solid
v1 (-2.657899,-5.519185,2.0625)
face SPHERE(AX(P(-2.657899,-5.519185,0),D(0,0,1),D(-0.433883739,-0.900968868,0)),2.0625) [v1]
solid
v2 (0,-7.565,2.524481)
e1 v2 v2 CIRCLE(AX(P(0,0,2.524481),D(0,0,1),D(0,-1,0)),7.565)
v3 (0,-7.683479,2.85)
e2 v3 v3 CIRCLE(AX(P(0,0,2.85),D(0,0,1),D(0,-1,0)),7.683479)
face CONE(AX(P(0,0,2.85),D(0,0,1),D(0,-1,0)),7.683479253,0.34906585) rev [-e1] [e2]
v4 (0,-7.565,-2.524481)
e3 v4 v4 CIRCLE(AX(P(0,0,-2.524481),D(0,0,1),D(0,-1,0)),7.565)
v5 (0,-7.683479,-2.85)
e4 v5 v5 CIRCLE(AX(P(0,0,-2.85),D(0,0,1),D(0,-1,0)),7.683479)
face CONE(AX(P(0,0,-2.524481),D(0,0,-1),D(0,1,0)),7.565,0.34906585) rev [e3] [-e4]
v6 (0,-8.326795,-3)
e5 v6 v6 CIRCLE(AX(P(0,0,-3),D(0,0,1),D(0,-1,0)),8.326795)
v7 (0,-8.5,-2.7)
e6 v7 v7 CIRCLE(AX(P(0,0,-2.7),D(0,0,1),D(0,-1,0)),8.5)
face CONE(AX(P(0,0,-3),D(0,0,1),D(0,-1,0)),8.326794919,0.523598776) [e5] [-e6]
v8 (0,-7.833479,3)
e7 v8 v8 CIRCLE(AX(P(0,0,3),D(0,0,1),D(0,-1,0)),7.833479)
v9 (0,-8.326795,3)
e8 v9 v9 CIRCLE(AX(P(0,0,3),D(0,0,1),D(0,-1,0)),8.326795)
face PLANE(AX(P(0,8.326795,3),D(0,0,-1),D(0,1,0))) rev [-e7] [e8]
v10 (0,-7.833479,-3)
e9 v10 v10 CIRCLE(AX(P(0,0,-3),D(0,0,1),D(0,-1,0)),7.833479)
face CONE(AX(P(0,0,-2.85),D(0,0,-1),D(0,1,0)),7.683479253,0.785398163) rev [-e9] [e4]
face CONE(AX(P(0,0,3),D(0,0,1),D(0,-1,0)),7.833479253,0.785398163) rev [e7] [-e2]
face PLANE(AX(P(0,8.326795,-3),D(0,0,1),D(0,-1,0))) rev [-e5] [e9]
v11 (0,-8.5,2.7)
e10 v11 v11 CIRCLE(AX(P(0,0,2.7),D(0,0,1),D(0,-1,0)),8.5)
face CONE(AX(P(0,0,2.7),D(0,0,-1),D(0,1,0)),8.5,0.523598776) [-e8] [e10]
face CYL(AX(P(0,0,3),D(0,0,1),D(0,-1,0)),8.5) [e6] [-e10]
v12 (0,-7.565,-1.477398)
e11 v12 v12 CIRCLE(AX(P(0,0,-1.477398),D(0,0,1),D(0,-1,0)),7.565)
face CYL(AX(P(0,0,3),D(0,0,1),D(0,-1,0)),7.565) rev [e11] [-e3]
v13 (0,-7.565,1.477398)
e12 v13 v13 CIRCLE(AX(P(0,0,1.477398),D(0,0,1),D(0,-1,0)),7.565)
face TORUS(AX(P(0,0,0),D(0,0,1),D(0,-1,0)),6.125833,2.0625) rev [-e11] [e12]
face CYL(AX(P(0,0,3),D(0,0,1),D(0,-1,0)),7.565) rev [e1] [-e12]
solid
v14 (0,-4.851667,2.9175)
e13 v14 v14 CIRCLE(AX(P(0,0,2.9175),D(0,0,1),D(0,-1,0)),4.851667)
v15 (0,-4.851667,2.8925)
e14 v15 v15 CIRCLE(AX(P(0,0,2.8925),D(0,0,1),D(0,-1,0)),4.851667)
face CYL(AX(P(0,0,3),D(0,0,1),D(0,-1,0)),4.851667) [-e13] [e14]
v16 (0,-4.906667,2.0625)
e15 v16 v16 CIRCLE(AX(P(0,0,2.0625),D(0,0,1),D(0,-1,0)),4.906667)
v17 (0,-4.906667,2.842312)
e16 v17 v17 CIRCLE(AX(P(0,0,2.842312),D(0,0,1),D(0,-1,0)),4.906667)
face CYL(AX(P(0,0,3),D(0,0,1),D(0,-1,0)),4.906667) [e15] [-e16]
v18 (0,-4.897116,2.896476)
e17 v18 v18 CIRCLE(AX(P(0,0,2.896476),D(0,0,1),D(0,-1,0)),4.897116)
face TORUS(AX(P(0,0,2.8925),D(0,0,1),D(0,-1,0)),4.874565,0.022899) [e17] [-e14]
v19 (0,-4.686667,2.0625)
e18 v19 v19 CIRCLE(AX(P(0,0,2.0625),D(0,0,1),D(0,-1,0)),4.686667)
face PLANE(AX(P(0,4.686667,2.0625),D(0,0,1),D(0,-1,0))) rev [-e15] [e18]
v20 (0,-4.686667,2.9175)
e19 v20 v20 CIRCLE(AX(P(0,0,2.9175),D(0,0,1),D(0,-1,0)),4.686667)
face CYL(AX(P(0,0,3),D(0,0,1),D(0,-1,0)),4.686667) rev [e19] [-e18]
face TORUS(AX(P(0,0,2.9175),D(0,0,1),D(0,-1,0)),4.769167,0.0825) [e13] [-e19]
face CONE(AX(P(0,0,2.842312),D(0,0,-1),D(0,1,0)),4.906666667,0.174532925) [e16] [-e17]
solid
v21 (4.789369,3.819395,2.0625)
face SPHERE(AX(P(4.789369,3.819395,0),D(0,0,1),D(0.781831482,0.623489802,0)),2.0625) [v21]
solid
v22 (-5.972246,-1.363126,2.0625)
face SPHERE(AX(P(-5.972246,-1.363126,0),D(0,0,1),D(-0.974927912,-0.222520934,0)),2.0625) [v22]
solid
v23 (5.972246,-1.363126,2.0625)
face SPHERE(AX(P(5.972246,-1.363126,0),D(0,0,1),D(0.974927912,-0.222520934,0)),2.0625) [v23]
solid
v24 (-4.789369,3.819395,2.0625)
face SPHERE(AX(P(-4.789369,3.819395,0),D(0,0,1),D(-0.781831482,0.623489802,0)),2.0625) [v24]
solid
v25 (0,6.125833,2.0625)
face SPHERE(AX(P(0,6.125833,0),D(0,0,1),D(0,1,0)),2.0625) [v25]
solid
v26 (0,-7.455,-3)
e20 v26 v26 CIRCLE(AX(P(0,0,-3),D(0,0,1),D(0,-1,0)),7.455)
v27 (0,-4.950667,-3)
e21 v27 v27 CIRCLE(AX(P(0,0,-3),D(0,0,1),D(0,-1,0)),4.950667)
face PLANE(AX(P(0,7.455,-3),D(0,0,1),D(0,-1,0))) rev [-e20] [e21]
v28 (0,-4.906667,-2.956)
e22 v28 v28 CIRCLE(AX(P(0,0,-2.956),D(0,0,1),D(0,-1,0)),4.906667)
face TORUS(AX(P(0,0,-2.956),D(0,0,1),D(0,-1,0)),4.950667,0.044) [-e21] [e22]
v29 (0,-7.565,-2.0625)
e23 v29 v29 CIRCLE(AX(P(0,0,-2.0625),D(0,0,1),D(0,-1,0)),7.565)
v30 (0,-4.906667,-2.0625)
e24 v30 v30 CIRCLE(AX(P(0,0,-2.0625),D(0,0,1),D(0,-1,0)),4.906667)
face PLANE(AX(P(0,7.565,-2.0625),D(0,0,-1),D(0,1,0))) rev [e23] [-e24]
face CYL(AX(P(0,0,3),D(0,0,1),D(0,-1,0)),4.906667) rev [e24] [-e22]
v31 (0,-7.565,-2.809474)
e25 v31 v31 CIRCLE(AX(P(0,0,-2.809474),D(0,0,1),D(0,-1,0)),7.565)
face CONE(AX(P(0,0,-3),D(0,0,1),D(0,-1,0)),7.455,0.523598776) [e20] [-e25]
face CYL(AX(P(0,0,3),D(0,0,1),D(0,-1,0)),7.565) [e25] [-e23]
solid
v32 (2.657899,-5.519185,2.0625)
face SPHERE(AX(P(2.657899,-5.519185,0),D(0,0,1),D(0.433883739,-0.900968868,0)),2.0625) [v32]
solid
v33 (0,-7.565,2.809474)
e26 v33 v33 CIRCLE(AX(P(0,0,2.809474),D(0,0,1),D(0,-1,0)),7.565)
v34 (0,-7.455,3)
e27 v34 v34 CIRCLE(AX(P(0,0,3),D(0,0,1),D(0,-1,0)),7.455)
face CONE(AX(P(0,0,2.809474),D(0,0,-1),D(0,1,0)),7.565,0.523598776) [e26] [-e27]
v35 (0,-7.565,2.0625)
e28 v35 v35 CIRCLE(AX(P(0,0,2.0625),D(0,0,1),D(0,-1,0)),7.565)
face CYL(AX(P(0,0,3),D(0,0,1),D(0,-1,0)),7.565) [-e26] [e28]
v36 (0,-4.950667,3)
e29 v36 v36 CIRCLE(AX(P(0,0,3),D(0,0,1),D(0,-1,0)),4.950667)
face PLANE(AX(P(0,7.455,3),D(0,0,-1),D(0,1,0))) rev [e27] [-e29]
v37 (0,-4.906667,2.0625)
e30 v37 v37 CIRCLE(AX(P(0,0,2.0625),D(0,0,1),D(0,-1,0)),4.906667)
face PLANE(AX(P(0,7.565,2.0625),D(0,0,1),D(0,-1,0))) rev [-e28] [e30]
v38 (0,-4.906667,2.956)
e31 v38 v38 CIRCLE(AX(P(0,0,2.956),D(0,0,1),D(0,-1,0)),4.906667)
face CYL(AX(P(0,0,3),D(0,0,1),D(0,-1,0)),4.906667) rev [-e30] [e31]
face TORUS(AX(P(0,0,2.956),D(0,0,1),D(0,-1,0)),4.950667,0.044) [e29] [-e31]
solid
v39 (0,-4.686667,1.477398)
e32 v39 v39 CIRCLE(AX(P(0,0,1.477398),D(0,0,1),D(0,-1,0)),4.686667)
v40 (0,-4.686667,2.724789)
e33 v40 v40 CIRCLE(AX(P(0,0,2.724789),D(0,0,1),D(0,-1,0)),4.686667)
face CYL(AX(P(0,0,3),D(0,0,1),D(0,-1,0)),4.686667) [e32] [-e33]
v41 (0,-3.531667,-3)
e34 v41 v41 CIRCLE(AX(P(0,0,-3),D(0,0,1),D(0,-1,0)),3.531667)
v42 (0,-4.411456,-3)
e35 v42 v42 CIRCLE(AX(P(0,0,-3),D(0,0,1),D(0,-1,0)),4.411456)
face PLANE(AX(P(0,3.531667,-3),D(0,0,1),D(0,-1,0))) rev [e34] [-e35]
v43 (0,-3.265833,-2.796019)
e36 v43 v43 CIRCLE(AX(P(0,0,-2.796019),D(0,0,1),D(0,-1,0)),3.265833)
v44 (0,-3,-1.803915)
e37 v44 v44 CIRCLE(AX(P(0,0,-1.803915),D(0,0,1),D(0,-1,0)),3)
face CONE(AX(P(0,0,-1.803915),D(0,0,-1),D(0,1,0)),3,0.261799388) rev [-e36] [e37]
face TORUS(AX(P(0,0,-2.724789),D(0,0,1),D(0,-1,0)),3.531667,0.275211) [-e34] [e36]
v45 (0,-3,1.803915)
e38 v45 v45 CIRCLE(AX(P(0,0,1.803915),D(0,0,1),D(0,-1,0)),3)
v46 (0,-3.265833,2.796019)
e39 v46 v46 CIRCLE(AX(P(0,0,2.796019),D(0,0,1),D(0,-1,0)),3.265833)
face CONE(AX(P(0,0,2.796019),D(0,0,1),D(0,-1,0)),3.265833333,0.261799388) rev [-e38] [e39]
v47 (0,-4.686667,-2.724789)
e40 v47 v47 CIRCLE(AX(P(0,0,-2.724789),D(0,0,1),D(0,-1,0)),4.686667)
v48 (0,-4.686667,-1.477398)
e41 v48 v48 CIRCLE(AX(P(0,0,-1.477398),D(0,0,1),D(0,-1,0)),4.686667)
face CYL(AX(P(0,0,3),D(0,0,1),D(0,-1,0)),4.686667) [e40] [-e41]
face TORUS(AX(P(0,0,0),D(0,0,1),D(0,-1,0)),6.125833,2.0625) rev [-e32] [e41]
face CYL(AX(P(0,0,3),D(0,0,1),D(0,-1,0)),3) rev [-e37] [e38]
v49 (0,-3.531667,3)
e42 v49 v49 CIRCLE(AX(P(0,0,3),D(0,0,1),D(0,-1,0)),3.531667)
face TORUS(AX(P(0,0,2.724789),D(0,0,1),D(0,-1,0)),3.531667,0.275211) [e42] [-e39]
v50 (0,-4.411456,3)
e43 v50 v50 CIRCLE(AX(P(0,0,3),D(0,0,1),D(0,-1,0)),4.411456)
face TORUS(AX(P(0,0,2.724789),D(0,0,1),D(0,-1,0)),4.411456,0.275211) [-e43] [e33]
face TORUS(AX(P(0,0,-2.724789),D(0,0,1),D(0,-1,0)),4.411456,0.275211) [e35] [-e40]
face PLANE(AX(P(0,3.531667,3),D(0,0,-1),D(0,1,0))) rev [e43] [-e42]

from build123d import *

# Parameters (mm, degrees)
CIRPATTERN1_COUNT = 7


with BuildPart() as part:
    # Sketch3 → Revolve1 (revolve)
    with BuildSketch(Plane(origin=(0, 0, 0), x_dir=(0, 0, -1), z_dir=(1, 0, 0)), mode=Mode.PRIVATE) as revolve1_sk:
        with BuildLine():
            Line((-2.524480927, 7.565), (-2.85, 7.683479253))
            Line((-2.85, 7.683479253), (-3, 7.833479253))
            Line((-3, 7.833479253), (-3, 8.326794919))
            Line((-3, 8.326794919), (-2.7, 8.5))
            Line((-2.7, 8.5), (2.7, 8.5))
            Line((2.7, 8.5), (3, 8.326794919))
            Line((3, 8.326794919), (3, 7.833479253))
            Line((3, 7.833479253), (2.85, 7.683479253))
            Line((2.85, 7.683479253), (2.524480927, 7.565))
            Line((2.524480927, 7.565), (1.477398239, 7.565))
            ThreePointArc((1.477398239, 7.565), (0, 8.188333333), (-1.477398239, 7.565))
            Line((-1.477398239, 7.565), (-2.524480927, 7.565))
        make_face()
    revolve(revolve1_sk.sketch.rotate(Axis((0, 0, 3), (0, 0, -1)), 180), axis=Axis((0, 0, 3), (0, 0, -1)))


with BuildPart() as body_2:
    # Sketch4 → Revolve2 (revolve)
    with BuildSketch(Plane(origin=(0, 0, 0), x_dir=(0, 0, -1), z_dir=(1, 0, 0)), mode=Mode.PRIVATE) as revolve2_sk:
        with BuildLine():
            Line((-1.803915403, 3), (-2.796018909, 3.265833333))
            ThreePointArc((-2.796018909, 3.265833333), (-2.943128583, 3.364128875), (-3, 3.531666667))
            Line((-3, 3.531666667), (-3, 4.411455749))
            ThreePointArc((-3, 4.411455749), (-2.919392588, 4.606059255), (-2.724789082, 4.686666667))
            Line((-2.724789082, 4.686666667), (-1.477398239, 4.686666667))
            ThreePointArc((-1.477398239, 4.686666667), (0, 4.063333333), (1.477398239, 4.686666667))
            Line((1.477398239, 4.686666667), (2.724789082, 4.686666667))
            ThreePointArc((2.724789082, 4.686666667), (2.919392588, 4.606059255), (3, 4.411455749))
            Line((3, 4.411455749), (3, 3.531666667))
            ThreePointArc((3, 3.531666667), (2.943128583, 3.364128875), (2.796018909, 3.265833333))
            Line((2.796018909, 3.265833333), (1.803915403, 3))
            Line((1.803915403, 3), (-1.803915403, 3))
        make_face()
    revolve(revolve2_sk.sketch.rotate(Axis((0, 0, 3), (0, 0, -1)), 180), axis=Axis((0, 0, 3), (0, 0, -1)))


with BuildPart() as body_3:
    # Sketch5 → Revolve3 (revolve)
    with BuildSketch(Plane(origin=(0, 0, 0), x_dir=(0, 0, -1), z_dir=(1, 0, 0))):
        with BuildLine():
            Line((-2.0625, 6.125833333), (2.0625, 6.125833333))
            ThreePointArc((2.0625, 6.125833333), (0, 8.188333333), (-2.0625, 6.125833333))
        make_face()
    revolve(axis=Axis((0, 6.125833333, 2.0625), (0, 0, -1)))


with BuildPart() as cirpattern1_1:
    # CirPattern1: pattern copy
    add(body_3.part.rotate(Axis((0, 0, 0), (0, 0, 1)), 1 * 360 / CIRPATTERN1_COUNT))


with BuildPart() as cirpattern1_2:
    # CirPattern1: pattern copy
    add(body_3.part.rotate(Axis((0, 0, 0), (0, 0, 1)), 2 * 360 / CIRPATTERN1_COUNT))


with BuildPart() as cirpattern1_3:
    # CirPattern1: pattern copy
    add(body_3.part.rotate(Axis((0, 0, 0), (0, 0, 1)), 3 * 360 / CIRPATTERN1_COUNT))


with BuildPart() as cirpattern1_4:
    # CirPattern1: pattern copy
    add(body_3.part.rotate(Axis((0, 0, 0), (0, 0, 1)), 4 * 360 / CIRPATTERN1_COUNT))


with BuildPart() as cirpattern1_5:
    # CirPattern1: pattern copy
    add(body_3.part.rotate(Axis((0, 0, 0), (0, 0, 1)), 5 * 360 / CIRPATTERN1_COUNT))


with BuildPart() as cirpattern1_6:
    # CirPattern1: pattern copy
    add(body_3.part.rotate(Axis((0, 0, 0), (0, 0, 1)), 6 * 360 / CIRPATTERN1_COUNT))


with BuildPart() as body_10:
    # Sketch6 → Revolve4 (revolve)
    with BuildSketch(Plane(origin=(0, 0, 0), x_dir=(0, 0, -1), z_dir=(1, 0, 0)), mode=Mode.PRIVATE) as revolve4_sk:
        with BuildLine():
            Line((-2.809474411, 7.565), (-2.0625, 7.565))
            Line((-2.0625, 7.565), (-2.0625, 4.906666667))
            Line((-2.0625, 4.906666667), (-2.956, 4.906666667))
            ThreePointArc((-2.956, 4.906666667), (-2.987112698, 4.919553968), (-3, 4.950666667))
            Line((-3, 4.950666667), (-3, 7.455))
            Line((-3, 7.455), (-2.809474411, 7.565))
        make_face()
        with BuildLine():
            Line((2.956, 4.906666667), (2.0625, 4.906666667))
            Line((2.0625, 4.906666667), (2.0625, 7.565))
            Line((2.0625, 7.565), (2.809474411, 7.565))
            Line((2.809474411, 7.565), (3, 7.455))
            Line((3, 7.455), (3, 4.950666667))
            ThreePointArc((3, 4.950666667), (2.987112698, 4.919553968), (2.956, 4.906666667))
        make_face()
    revolve(revolve4_sk.sketch.rotate(Axis((0, 0, 3), (0, 0, -1)), 180), axis=Axis((0, 0, 3), (0, 0, -1)))


with BuildPart() as body_11:
    # Sketch7 → Revolve5 (revolve)
    with BuildSketch(Plane(origin=(0, 0, 0), x_dir=(0, 0, -1), z_dir=(1, 0, 0)), mode=Mode.PRIVATE) as revolve5_sk:
        with BuildLine():
            Line((-2.0625, 4.906666667), (-2.842311876, 4.906666667))
            Line((-2.842311876, 4.906666667), (-2.896476303, 4.897116017))
            ThreePointArc((-2.896476303, 4.897116017), (-2.91531148, 4.872569537), (-2.8925, 4.851666667))
            Line((-2.8925, 4.851666667), (-2.9175, 4.851666667))
            ThreePointArc((-2.9175, 4.851666667), (-3, 4.769166667), (-2.9175, 4.686666667))
            Line((-2.9175, 4.686666667), (-2.0625, 4.686666667))
            Line((-2.0625, 4.686666667), (-2.0625, 4.906666667))
        make_face()
    revolve(revolve5_sk.sketch.rotate(Axis((0, 0, 3), (0, 0, -1)), 180), axis=Axis((0, 0, 3), (0, 0, -1)))


solid = Compound([part.part, body_2.part, body_3.part, cirpattern1_1.part, cirpattern1_2.part, cirpattern1_3.part, cirpattern1_4.part, cirpattern1_5.part, cirpattern1_6.part, body_10.part, body_11.part])
